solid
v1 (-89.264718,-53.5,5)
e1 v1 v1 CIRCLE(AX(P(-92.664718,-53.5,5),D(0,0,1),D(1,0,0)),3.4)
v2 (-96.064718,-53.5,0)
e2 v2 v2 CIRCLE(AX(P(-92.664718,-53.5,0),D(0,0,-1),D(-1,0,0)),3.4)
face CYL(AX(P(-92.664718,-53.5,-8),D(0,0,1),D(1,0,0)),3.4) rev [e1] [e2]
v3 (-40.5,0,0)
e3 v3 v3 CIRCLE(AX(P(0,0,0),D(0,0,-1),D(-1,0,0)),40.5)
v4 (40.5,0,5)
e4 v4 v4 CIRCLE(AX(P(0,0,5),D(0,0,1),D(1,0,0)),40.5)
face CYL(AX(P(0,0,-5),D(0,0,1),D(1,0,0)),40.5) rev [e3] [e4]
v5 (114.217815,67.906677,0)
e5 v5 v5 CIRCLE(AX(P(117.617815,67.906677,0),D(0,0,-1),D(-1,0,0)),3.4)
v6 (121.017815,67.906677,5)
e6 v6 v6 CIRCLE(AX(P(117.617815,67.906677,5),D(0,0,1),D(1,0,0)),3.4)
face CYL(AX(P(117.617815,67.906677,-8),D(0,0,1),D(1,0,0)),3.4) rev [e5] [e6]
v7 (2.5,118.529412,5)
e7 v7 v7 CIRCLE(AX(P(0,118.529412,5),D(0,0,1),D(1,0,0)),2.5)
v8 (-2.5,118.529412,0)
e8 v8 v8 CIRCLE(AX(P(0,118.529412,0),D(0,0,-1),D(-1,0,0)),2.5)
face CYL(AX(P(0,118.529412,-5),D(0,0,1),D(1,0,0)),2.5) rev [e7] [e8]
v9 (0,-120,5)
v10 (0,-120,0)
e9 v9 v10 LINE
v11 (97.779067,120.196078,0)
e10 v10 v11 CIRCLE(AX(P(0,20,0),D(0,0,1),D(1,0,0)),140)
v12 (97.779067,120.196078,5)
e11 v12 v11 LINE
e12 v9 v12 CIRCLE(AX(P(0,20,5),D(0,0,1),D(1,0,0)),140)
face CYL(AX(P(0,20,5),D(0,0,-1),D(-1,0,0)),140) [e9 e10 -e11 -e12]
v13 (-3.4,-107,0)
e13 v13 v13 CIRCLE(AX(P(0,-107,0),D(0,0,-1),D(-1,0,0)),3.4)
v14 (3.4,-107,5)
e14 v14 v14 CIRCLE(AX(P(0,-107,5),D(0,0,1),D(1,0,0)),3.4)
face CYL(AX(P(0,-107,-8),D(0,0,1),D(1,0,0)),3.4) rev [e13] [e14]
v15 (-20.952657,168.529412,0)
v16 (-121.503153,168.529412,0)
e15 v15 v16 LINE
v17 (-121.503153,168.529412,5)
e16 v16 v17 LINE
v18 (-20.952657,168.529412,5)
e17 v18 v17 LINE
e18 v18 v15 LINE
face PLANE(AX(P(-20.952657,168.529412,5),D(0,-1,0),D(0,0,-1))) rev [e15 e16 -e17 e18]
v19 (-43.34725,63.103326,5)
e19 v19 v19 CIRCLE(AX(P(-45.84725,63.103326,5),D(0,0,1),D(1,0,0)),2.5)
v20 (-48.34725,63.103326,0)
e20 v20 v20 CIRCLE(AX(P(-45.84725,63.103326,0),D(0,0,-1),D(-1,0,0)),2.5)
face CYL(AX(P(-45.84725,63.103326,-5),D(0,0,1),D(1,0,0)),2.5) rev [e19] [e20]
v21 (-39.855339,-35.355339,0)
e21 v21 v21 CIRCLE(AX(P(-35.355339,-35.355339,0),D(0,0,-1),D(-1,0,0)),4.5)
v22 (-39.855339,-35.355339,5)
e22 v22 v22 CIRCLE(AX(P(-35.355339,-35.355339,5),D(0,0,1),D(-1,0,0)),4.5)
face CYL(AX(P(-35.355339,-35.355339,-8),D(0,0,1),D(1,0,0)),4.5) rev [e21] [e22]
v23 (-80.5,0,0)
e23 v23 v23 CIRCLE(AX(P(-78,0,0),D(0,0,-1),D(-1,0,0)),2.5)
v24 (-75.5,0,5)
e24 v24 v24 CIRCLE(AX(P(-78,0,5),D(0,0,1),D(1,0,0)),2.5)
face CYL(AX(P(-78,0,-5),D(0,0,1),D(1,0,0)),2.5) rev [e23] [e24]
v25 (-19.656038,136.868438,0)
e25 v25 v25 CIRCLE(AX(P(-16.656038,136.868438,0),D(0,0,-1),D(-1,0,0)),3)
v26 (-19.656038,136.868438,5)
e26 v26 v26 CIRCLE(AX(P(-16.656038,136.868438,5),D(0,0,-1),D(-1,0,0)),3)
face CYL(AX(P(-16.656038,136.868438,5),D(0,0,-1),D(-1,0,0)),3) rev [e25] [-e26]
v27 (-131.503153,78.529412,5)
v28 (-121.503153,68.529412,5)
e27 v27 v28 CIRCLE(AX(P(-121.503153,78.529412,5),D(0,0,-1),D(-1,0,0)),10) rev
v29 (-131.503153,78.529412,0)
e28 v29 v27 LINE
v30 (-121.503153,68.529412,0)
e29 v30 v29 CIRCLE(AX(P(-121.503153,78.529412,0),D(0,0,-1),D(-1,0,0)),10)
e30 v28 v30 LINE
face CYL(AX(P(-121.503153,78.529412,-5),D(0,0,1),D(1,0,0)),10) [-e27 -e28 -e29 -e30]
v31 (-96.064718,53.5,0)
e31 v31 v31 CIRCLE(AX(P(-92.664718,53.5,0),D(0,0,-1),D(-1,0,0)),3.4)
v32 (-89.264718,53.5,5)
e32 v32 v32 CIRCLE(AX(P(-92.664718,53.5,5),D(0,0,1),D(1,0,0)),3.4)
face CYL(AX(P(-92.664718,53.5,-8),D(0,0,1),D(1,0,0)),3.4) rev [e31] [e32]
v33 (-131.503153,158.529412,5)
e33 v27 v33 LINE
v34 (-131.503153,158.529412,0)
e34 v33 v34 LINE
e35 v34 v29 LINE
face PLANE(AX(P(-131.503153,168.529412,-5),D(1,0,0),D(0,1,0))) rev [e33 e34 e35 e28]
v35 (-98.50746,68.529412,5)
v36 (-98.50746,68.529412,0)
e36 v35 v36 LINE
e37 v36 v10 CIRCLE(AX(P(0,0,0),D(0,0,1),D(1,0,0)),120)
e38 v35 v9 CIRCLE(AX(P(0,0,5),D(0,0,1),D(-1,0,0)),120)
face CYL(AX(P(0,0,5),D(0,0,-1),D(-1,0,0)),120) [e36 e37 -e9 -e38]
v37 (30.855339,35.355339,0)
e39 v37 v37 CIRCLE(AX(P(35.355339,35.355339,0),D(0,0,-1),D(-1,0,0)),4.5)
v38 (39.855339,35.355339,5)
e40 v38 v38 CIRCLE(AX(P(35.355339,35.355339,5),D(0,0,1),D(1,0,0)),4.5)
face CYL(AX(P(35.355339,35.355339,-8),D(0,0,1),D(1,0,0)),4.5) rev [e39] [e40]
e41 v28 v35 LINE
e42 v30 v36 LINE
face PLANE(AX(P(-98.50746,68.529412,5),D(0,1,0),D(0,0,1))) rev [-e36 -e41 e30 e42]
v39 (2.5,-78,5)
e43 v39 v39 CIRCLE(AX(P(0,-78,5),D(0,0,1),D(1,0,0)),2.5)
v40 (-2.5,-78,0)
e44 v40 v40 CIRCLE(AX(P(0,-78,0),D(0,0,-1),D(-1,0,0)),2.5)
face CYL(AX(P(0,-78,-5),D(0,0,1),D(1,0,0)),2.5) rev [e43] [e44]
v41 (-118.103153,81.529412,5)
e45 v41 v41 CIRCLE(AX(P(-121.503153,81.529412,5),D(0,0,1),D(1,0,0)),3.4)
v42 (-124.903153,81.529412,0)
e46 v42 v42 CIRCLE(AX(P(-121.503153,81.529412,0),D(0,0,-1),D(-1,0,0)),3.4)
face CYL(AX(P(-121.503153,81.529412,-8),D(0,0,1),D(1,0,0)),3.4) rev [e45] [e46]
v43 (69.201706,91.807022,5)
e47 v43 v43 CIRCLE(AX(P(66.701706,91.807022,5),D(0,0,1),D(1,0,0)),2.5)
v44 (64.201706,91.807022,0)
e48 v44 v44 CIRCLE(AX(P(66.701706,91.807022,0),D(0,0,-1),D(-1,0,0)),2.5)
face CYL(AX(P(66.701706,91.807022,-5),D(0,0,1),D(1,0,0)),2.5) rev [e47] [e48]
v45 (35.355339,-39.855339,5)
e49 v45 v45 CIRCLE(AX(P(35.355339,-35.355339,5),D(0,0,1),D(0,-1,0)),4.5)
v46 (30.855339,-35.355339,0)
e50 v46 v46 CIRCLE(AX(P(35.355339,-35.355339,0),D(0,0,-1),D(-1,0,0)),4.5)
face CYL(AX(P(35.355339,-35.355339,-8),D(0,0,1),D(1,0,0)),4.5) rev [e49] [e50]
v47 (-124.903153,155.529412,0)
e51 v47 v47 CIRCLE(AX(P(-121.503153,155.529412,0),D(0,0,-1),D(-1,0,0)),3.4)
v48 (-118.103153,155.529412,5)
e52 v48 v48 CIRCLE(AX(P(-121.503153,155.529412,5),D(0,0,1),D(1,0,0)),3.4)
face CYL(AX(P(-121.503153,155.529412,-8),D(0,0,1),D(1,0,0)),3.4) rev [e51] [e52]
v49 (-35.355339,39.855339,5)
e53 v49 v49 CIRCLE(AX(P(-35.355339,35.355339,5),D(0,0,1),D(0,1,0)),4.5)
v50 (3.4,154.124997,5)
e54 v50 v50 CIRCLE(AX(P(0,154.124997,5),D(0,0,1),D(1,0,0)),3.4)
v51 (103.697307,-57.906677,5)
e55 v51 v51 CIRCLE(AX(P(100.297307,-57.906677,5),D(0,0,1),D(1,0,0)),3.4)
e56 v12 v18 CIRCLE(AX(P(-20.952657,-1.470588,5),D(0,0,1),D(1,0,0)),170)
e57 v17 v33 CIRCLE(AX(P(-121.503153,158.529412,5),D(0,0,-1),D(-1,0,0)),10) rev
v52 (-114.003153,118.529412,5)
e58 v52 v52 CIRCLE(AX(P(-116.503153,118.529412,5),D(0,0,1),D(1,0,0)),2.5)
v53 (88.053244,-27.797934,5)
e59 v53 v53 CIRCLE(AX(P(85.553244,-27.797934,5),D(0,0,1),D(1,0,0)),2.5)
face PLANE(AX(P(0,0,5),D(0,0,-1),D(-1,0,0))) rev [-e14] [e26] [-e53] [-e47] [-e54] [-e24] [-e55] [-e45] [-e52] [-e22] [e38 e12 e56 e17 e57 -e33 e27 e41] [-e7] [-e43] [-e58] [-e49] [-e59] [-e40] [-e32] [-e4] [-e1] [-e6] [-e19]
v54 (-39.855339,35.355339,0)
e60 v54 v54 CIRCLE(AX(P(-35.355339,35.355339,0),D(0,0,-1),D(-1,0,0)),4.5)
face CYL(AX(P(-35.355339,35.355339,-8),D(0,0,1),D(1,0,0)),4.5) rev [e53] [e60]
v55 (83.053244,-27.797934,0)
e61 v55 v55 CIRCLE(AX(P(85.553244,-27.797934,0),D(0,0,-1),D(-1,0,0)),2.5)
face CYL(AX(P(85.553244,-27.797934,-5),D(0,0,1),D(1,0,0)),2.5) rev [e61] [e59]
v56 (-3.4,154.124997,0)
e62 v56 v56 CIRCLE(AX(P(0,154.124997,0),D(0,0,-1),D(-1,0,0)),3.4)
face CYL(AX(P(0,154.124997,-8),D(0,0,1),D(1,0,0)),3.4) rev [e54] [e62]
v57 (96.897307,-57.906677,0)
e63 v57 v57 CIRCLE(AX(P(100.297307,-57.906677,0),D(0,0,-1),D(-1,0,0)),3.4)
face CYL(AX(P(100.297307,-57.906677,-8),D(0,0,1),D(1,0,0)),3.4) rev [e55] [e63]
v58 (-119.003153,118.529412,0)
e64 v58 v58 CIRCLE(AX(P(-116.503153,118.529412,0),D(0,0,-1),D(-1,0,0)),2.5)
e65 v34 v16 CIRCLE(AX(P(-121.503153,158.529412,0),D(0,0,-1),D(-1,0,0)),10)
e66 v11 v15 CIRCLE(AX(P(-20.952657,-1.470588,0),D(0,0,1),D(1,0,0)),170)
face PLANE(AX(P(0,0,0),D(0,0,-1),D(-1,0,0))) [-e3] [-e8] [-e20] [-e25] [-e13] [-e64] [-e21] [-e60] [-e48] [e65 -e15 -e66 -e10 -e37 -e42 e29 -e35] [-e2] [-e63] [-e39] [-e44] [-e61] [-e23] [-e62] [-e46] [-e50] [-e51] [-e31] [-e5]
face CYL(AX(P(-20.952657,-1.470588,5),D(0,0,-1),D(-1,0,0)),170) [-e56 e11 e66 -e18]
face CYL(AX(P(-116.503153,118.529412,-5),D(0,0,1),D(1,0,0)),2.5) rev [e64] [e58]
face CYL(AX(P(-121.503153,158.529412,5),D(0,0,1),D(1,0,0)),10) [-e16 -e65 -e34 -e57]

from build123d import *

# Parameters (mm, degrees)
BOSS_EXTRU_1_DEPTH           = 5
ESQUISSE11_R                 = 4.5
ENL_V_MAT_EXTRU_7_DEPTH      = 13
ENL_V_MAT_EXTRU_5_DEPTH      = 0.2
ESQUISSE2_R                  = 40.5
ENL_V_MAT_EXTRU_1_DEPTH      = 10
ESQUISSE3_R                  = 3
ENL_V_MAT_EXTRU_2_DEPTH      = 6
ESQUISSE10_R                 = 3.4
ENL_V_MAT_EXTRU_6_DEPTH      = 13
R_P_TITION_CIRCULAIRE1_COUNT = 4
BOSS_EXTRU_3_DEPTH           = 0.2
ESQUISSE26_W                 = 15
ESQUISSE26_H                 = 100
ENL_V_MAT_EXTRU_14_DEPTH     = 10
CONG_2_R                     = 10
ESQUISSE27_R                 = 2.5
ENL_V_MAT_EXTRU_15_DEPTH     = 10


with BuildPart() as part:
    # Esquisse1 → Boss.-Extru.1 (new body)
    with BuildSketch(Plane.XY):
        with BuildLine():
            Line((-98.507460241, 68.529411765), (-146.503153147, 68.529411765))
            Line((-146.503153147, 68.529411765), (-146.503153147, 168.529411765))
            Line((-146.503153147, 168.529411765), (-20.952657131, 168.529411765))
            ThreePointArc((-20.952657131, 168.529411765), (43.143624613, 155.983108662), (97.779066609, 120.196078431))
            ThreePointArc((97.779066609, 120.196078431), (129.667750386, -32.7851732), (0, -120))
            ThreePointArc((0, -120), (-84.852813742, -84.852813742), (-120, 0))
            ThreePointArc((-120, 0), (-114.500862942, 35.910338143), (-98.507460241, 68.529411765))
        make_face()
    extrude(amount=BOSS_EXTRU_1_DEPTH)

    # Esquisse11 → Enlèv. mat.-Extru.7 (cut)
    with BuildSketch(Plane.XY.offset(5)):
        with Locations((35.355339059, 35.355339059)):
            Circle(ESQUISSE11_R)
    enl_v_mat_extru_7 = extrude(amount=-ENL_V_MAT_EXTRU_7_DEPTH, mode=Mode.SUBTRACT)

    # Esquisse8 → Enlèv. mat.-Extru.5 (cut)
    with BuildSketch(Plane.XY.offset(5)):
        with BuildLine():
            Line((-148.503153147, 150.529411765), (-20.952657131, 150.529411765))
            ThreePointArc((-20.952657131, 150.529411765), (36.356959487, 139.311540755), (85.207472331, 107.31372549))
            ThreePointArc((85.207472331, 107.31372549), (112.996182479, -25.998508075), (0, -102))
            ThreePointArc((0, -102), (-98.056106388, -28.08914381), (-54.006119095, 86.529411765))
            Line((-54.006119095, 86.529411765), (-148.503153147, 86.529411765))
            Line((-148.503153147, 86.529411765), (-148.503153147, 150.529411765))
        make_face()
        with BuildLine():
            Line((-46.503153147, 88.529411765), (-146.503153147, 88.529411765))
            Line((-146.503153147, 88.529411765), (-146.503153147, 148.529411765))
            Line((-146.503153147, 148.529411765), (-20.952657131, 148.529411765))
            ThreePointArc((-20.952657131, 148.529411765), (35.602885584, 137.459144321), (83.810628522, 105.882352941))
            ThreePointArc((83.810628522, 105.882352941), (111.143786045, -25.244434172), (0, -100))
            ThreePointArc((0, -100), (-97.090012814, -23.948474101), (-46.503153147, 88.529411765))
        make_face(mode=Mode.SUBTRACT)
    extrude(amount=-ENL_V_MAT_EXTRU_5_DEPTH, mode=Mode.SUBTRACT)

    # Esquisse2 → Enlèv. mat.-Extru.1 (cut)
    with BuildSketch(Plane.XY.offset(5)):
        Circle(ESQUISSE2_R)
    extrude(amount=-ENL_V_MAT_EXTRU_1_DEPTH, mode=Mode.SUBTRACT)

    # Esquisse3 → Enlèv. mat.-Extru.2 (cut, through all)
    with BuildSketch(Plane(origin=(0, 0, 0), x_dir=(-1, 0, 0), z_dir=(0, 0, -1))):
        with Locations((16.656037964, 136.868437771)):
            Circle(ESQUISSE3_R)
    extrude(amount=-ENL_V_MAT_EXTRU_2_DEPTH, mode=Mode.SUBTRACT)

    # Esquisse10 → Enlèv. mat.-Extru.6 (cut)
    with BuildSketch(Plane.XY.offset(5)):
        with Locations((-121.503153147, 155.529411765)):
            Circle(ESQUISSE10_R)
        with Locations((117.617814583, 67.906676911)):
            Circle(ESQUISSE10_R)
        with Locations((100.297306508, -57.906676911)):
            Circle(ESQUISSE10_R)
        with Locations((0, -107)):
            Circle(ESQUISSE10_R)
        with Locations((-92.664718205, -53.5)):
            Circle(ESQUISSE10_R)
        with Locations((-92.664718205, 53.5)):
            Circle(ESQUISSE10_R)
        with Locations((-121.503153147, 81.529411765)):
            Circle(ESQUISSE10_R)
        with Locations((0, 154.124997046)):
            Circle(ESQUISSE10_R)
    extrude(amount=-ENL_V_MAT_EXTRU_6_DEPTH, mode=Mode.SUBTRACT)

    # Répétition circulaire1: Enlèv. mat.-Extru.7 ×4 about axis
    r_p_tition_circulaire1_axis = Axis((0, 0, 0), (0, 0, 1))
    for i in range(1, R_P_TITION_CIRCULAIRE1_COUNT):
        add(enl_v_mat_extru_7.rotate(r_p_tition_circulaire1_axis, i * 360 / R_P_TITION_CIRCULAIRE1_COUNT), mode=Mode.SUBTRACT)

    # Esquisse24 → Boss.-Extru.3 (add)
    with BuildSketch(Plane.XY.offset(5)):
        with BuildLine():
            Line((-146.503153147, 150.529411765), (-146.503153147, 148.529411765))
            Line((-146.503153147, 148.529411765), (-20.952657131, 148.529411765))
            ThreePointArc((-20.952657131, 148.529411765), (35.602885584, 137.459144321), (83.810628522, 105.882352941))
            ThreePointArc((83.810628522, 105.882352941), (111.143786045, -25.244434172), (0, -100))
            ThreePointArc((0, -100), (-97.090012814, -23.948474101), (-46.503153147, 88.529411765))
            Line((-46.503153147, 88.529411765), (-146.503153147, 88.529411765))
            Line((-146.503153147, 88.529411765), (-146.503153147, 86.529411765))
            Line((-146.503153147, 86.529411765), (-54.006119095, 86.529411765))
            ThreePointArc((-54.006119095, 86.529411765), (-98.056106388, -28.08914381), (0, -102))
            ThreePointArc((0, -102), (112.996182479, -25.998508075), (85.207472331, 107.31372549))
            ThreePointArc((85.207472331, 107.31372549), (36.356959487, 139.311540755), (-20.952657131, 150.529411765))
            Line((-20.952657131, 150.529411765), (-146.503153147, 150.529411765))
        make_face()
    extrude(amount=-BOSS_EXTRU_3_DEPTH)

    # Esquisse26 → Enlèv. mat.-Extru.14 (cut)
    with BuildSketch(Plane.XY.offset(5)):
        with Locations((-139.003153147, 118.529411765)):
            Rectangle(ESQUISSE26_W, ESQUISSE26_H)
    extrude(amount=-ENL_V_MAT_EXTRU_14_DEPTH, mode=Mode.SUBTRACT)

    # Congé2
    cong_2_edges = [part.edges().sort_by_distance(p)[0] for p in [
        (-131.503153147, 168.529411765, 2.5),
        (-131.503153147, 68.529411765, 2.5),
    ]]
    fillet(cong_2_edges, radius=CONG_2_R)

    # Esquisse27 → Enlèv. mat.-Extru.15 (cut)
    with BuildSketch(Plane.XY.offset(5)):
        with Locations((-116.503153147, 118.529411765)):
            Circle(ESQUISSE27_R)
        with Locations((0, 118.529411765)):
            Circle(ESQUISSE27_R)
        with Locations((66.701706035, 91.807022251)):
            Circle(ESQUISSE27_R)
        with Locations((85.55324371, -27.797933958)):
            Circle(ESQUISSE27_R)
        with Locations((0, -78)):
            Circle(ESQUISSE27_R)
        with Locations((-45.847249679, 63.103325561)):
            Circle(ESQUISSE27_R)
        with Locations((-78, 0)):
            Circle(ESQUISSE27_R)
    extrude(amount=-ENL_V_MAT_EXTRU_15_DEPTH, mode=Mode.SUBTRACT)


solid = part.part
